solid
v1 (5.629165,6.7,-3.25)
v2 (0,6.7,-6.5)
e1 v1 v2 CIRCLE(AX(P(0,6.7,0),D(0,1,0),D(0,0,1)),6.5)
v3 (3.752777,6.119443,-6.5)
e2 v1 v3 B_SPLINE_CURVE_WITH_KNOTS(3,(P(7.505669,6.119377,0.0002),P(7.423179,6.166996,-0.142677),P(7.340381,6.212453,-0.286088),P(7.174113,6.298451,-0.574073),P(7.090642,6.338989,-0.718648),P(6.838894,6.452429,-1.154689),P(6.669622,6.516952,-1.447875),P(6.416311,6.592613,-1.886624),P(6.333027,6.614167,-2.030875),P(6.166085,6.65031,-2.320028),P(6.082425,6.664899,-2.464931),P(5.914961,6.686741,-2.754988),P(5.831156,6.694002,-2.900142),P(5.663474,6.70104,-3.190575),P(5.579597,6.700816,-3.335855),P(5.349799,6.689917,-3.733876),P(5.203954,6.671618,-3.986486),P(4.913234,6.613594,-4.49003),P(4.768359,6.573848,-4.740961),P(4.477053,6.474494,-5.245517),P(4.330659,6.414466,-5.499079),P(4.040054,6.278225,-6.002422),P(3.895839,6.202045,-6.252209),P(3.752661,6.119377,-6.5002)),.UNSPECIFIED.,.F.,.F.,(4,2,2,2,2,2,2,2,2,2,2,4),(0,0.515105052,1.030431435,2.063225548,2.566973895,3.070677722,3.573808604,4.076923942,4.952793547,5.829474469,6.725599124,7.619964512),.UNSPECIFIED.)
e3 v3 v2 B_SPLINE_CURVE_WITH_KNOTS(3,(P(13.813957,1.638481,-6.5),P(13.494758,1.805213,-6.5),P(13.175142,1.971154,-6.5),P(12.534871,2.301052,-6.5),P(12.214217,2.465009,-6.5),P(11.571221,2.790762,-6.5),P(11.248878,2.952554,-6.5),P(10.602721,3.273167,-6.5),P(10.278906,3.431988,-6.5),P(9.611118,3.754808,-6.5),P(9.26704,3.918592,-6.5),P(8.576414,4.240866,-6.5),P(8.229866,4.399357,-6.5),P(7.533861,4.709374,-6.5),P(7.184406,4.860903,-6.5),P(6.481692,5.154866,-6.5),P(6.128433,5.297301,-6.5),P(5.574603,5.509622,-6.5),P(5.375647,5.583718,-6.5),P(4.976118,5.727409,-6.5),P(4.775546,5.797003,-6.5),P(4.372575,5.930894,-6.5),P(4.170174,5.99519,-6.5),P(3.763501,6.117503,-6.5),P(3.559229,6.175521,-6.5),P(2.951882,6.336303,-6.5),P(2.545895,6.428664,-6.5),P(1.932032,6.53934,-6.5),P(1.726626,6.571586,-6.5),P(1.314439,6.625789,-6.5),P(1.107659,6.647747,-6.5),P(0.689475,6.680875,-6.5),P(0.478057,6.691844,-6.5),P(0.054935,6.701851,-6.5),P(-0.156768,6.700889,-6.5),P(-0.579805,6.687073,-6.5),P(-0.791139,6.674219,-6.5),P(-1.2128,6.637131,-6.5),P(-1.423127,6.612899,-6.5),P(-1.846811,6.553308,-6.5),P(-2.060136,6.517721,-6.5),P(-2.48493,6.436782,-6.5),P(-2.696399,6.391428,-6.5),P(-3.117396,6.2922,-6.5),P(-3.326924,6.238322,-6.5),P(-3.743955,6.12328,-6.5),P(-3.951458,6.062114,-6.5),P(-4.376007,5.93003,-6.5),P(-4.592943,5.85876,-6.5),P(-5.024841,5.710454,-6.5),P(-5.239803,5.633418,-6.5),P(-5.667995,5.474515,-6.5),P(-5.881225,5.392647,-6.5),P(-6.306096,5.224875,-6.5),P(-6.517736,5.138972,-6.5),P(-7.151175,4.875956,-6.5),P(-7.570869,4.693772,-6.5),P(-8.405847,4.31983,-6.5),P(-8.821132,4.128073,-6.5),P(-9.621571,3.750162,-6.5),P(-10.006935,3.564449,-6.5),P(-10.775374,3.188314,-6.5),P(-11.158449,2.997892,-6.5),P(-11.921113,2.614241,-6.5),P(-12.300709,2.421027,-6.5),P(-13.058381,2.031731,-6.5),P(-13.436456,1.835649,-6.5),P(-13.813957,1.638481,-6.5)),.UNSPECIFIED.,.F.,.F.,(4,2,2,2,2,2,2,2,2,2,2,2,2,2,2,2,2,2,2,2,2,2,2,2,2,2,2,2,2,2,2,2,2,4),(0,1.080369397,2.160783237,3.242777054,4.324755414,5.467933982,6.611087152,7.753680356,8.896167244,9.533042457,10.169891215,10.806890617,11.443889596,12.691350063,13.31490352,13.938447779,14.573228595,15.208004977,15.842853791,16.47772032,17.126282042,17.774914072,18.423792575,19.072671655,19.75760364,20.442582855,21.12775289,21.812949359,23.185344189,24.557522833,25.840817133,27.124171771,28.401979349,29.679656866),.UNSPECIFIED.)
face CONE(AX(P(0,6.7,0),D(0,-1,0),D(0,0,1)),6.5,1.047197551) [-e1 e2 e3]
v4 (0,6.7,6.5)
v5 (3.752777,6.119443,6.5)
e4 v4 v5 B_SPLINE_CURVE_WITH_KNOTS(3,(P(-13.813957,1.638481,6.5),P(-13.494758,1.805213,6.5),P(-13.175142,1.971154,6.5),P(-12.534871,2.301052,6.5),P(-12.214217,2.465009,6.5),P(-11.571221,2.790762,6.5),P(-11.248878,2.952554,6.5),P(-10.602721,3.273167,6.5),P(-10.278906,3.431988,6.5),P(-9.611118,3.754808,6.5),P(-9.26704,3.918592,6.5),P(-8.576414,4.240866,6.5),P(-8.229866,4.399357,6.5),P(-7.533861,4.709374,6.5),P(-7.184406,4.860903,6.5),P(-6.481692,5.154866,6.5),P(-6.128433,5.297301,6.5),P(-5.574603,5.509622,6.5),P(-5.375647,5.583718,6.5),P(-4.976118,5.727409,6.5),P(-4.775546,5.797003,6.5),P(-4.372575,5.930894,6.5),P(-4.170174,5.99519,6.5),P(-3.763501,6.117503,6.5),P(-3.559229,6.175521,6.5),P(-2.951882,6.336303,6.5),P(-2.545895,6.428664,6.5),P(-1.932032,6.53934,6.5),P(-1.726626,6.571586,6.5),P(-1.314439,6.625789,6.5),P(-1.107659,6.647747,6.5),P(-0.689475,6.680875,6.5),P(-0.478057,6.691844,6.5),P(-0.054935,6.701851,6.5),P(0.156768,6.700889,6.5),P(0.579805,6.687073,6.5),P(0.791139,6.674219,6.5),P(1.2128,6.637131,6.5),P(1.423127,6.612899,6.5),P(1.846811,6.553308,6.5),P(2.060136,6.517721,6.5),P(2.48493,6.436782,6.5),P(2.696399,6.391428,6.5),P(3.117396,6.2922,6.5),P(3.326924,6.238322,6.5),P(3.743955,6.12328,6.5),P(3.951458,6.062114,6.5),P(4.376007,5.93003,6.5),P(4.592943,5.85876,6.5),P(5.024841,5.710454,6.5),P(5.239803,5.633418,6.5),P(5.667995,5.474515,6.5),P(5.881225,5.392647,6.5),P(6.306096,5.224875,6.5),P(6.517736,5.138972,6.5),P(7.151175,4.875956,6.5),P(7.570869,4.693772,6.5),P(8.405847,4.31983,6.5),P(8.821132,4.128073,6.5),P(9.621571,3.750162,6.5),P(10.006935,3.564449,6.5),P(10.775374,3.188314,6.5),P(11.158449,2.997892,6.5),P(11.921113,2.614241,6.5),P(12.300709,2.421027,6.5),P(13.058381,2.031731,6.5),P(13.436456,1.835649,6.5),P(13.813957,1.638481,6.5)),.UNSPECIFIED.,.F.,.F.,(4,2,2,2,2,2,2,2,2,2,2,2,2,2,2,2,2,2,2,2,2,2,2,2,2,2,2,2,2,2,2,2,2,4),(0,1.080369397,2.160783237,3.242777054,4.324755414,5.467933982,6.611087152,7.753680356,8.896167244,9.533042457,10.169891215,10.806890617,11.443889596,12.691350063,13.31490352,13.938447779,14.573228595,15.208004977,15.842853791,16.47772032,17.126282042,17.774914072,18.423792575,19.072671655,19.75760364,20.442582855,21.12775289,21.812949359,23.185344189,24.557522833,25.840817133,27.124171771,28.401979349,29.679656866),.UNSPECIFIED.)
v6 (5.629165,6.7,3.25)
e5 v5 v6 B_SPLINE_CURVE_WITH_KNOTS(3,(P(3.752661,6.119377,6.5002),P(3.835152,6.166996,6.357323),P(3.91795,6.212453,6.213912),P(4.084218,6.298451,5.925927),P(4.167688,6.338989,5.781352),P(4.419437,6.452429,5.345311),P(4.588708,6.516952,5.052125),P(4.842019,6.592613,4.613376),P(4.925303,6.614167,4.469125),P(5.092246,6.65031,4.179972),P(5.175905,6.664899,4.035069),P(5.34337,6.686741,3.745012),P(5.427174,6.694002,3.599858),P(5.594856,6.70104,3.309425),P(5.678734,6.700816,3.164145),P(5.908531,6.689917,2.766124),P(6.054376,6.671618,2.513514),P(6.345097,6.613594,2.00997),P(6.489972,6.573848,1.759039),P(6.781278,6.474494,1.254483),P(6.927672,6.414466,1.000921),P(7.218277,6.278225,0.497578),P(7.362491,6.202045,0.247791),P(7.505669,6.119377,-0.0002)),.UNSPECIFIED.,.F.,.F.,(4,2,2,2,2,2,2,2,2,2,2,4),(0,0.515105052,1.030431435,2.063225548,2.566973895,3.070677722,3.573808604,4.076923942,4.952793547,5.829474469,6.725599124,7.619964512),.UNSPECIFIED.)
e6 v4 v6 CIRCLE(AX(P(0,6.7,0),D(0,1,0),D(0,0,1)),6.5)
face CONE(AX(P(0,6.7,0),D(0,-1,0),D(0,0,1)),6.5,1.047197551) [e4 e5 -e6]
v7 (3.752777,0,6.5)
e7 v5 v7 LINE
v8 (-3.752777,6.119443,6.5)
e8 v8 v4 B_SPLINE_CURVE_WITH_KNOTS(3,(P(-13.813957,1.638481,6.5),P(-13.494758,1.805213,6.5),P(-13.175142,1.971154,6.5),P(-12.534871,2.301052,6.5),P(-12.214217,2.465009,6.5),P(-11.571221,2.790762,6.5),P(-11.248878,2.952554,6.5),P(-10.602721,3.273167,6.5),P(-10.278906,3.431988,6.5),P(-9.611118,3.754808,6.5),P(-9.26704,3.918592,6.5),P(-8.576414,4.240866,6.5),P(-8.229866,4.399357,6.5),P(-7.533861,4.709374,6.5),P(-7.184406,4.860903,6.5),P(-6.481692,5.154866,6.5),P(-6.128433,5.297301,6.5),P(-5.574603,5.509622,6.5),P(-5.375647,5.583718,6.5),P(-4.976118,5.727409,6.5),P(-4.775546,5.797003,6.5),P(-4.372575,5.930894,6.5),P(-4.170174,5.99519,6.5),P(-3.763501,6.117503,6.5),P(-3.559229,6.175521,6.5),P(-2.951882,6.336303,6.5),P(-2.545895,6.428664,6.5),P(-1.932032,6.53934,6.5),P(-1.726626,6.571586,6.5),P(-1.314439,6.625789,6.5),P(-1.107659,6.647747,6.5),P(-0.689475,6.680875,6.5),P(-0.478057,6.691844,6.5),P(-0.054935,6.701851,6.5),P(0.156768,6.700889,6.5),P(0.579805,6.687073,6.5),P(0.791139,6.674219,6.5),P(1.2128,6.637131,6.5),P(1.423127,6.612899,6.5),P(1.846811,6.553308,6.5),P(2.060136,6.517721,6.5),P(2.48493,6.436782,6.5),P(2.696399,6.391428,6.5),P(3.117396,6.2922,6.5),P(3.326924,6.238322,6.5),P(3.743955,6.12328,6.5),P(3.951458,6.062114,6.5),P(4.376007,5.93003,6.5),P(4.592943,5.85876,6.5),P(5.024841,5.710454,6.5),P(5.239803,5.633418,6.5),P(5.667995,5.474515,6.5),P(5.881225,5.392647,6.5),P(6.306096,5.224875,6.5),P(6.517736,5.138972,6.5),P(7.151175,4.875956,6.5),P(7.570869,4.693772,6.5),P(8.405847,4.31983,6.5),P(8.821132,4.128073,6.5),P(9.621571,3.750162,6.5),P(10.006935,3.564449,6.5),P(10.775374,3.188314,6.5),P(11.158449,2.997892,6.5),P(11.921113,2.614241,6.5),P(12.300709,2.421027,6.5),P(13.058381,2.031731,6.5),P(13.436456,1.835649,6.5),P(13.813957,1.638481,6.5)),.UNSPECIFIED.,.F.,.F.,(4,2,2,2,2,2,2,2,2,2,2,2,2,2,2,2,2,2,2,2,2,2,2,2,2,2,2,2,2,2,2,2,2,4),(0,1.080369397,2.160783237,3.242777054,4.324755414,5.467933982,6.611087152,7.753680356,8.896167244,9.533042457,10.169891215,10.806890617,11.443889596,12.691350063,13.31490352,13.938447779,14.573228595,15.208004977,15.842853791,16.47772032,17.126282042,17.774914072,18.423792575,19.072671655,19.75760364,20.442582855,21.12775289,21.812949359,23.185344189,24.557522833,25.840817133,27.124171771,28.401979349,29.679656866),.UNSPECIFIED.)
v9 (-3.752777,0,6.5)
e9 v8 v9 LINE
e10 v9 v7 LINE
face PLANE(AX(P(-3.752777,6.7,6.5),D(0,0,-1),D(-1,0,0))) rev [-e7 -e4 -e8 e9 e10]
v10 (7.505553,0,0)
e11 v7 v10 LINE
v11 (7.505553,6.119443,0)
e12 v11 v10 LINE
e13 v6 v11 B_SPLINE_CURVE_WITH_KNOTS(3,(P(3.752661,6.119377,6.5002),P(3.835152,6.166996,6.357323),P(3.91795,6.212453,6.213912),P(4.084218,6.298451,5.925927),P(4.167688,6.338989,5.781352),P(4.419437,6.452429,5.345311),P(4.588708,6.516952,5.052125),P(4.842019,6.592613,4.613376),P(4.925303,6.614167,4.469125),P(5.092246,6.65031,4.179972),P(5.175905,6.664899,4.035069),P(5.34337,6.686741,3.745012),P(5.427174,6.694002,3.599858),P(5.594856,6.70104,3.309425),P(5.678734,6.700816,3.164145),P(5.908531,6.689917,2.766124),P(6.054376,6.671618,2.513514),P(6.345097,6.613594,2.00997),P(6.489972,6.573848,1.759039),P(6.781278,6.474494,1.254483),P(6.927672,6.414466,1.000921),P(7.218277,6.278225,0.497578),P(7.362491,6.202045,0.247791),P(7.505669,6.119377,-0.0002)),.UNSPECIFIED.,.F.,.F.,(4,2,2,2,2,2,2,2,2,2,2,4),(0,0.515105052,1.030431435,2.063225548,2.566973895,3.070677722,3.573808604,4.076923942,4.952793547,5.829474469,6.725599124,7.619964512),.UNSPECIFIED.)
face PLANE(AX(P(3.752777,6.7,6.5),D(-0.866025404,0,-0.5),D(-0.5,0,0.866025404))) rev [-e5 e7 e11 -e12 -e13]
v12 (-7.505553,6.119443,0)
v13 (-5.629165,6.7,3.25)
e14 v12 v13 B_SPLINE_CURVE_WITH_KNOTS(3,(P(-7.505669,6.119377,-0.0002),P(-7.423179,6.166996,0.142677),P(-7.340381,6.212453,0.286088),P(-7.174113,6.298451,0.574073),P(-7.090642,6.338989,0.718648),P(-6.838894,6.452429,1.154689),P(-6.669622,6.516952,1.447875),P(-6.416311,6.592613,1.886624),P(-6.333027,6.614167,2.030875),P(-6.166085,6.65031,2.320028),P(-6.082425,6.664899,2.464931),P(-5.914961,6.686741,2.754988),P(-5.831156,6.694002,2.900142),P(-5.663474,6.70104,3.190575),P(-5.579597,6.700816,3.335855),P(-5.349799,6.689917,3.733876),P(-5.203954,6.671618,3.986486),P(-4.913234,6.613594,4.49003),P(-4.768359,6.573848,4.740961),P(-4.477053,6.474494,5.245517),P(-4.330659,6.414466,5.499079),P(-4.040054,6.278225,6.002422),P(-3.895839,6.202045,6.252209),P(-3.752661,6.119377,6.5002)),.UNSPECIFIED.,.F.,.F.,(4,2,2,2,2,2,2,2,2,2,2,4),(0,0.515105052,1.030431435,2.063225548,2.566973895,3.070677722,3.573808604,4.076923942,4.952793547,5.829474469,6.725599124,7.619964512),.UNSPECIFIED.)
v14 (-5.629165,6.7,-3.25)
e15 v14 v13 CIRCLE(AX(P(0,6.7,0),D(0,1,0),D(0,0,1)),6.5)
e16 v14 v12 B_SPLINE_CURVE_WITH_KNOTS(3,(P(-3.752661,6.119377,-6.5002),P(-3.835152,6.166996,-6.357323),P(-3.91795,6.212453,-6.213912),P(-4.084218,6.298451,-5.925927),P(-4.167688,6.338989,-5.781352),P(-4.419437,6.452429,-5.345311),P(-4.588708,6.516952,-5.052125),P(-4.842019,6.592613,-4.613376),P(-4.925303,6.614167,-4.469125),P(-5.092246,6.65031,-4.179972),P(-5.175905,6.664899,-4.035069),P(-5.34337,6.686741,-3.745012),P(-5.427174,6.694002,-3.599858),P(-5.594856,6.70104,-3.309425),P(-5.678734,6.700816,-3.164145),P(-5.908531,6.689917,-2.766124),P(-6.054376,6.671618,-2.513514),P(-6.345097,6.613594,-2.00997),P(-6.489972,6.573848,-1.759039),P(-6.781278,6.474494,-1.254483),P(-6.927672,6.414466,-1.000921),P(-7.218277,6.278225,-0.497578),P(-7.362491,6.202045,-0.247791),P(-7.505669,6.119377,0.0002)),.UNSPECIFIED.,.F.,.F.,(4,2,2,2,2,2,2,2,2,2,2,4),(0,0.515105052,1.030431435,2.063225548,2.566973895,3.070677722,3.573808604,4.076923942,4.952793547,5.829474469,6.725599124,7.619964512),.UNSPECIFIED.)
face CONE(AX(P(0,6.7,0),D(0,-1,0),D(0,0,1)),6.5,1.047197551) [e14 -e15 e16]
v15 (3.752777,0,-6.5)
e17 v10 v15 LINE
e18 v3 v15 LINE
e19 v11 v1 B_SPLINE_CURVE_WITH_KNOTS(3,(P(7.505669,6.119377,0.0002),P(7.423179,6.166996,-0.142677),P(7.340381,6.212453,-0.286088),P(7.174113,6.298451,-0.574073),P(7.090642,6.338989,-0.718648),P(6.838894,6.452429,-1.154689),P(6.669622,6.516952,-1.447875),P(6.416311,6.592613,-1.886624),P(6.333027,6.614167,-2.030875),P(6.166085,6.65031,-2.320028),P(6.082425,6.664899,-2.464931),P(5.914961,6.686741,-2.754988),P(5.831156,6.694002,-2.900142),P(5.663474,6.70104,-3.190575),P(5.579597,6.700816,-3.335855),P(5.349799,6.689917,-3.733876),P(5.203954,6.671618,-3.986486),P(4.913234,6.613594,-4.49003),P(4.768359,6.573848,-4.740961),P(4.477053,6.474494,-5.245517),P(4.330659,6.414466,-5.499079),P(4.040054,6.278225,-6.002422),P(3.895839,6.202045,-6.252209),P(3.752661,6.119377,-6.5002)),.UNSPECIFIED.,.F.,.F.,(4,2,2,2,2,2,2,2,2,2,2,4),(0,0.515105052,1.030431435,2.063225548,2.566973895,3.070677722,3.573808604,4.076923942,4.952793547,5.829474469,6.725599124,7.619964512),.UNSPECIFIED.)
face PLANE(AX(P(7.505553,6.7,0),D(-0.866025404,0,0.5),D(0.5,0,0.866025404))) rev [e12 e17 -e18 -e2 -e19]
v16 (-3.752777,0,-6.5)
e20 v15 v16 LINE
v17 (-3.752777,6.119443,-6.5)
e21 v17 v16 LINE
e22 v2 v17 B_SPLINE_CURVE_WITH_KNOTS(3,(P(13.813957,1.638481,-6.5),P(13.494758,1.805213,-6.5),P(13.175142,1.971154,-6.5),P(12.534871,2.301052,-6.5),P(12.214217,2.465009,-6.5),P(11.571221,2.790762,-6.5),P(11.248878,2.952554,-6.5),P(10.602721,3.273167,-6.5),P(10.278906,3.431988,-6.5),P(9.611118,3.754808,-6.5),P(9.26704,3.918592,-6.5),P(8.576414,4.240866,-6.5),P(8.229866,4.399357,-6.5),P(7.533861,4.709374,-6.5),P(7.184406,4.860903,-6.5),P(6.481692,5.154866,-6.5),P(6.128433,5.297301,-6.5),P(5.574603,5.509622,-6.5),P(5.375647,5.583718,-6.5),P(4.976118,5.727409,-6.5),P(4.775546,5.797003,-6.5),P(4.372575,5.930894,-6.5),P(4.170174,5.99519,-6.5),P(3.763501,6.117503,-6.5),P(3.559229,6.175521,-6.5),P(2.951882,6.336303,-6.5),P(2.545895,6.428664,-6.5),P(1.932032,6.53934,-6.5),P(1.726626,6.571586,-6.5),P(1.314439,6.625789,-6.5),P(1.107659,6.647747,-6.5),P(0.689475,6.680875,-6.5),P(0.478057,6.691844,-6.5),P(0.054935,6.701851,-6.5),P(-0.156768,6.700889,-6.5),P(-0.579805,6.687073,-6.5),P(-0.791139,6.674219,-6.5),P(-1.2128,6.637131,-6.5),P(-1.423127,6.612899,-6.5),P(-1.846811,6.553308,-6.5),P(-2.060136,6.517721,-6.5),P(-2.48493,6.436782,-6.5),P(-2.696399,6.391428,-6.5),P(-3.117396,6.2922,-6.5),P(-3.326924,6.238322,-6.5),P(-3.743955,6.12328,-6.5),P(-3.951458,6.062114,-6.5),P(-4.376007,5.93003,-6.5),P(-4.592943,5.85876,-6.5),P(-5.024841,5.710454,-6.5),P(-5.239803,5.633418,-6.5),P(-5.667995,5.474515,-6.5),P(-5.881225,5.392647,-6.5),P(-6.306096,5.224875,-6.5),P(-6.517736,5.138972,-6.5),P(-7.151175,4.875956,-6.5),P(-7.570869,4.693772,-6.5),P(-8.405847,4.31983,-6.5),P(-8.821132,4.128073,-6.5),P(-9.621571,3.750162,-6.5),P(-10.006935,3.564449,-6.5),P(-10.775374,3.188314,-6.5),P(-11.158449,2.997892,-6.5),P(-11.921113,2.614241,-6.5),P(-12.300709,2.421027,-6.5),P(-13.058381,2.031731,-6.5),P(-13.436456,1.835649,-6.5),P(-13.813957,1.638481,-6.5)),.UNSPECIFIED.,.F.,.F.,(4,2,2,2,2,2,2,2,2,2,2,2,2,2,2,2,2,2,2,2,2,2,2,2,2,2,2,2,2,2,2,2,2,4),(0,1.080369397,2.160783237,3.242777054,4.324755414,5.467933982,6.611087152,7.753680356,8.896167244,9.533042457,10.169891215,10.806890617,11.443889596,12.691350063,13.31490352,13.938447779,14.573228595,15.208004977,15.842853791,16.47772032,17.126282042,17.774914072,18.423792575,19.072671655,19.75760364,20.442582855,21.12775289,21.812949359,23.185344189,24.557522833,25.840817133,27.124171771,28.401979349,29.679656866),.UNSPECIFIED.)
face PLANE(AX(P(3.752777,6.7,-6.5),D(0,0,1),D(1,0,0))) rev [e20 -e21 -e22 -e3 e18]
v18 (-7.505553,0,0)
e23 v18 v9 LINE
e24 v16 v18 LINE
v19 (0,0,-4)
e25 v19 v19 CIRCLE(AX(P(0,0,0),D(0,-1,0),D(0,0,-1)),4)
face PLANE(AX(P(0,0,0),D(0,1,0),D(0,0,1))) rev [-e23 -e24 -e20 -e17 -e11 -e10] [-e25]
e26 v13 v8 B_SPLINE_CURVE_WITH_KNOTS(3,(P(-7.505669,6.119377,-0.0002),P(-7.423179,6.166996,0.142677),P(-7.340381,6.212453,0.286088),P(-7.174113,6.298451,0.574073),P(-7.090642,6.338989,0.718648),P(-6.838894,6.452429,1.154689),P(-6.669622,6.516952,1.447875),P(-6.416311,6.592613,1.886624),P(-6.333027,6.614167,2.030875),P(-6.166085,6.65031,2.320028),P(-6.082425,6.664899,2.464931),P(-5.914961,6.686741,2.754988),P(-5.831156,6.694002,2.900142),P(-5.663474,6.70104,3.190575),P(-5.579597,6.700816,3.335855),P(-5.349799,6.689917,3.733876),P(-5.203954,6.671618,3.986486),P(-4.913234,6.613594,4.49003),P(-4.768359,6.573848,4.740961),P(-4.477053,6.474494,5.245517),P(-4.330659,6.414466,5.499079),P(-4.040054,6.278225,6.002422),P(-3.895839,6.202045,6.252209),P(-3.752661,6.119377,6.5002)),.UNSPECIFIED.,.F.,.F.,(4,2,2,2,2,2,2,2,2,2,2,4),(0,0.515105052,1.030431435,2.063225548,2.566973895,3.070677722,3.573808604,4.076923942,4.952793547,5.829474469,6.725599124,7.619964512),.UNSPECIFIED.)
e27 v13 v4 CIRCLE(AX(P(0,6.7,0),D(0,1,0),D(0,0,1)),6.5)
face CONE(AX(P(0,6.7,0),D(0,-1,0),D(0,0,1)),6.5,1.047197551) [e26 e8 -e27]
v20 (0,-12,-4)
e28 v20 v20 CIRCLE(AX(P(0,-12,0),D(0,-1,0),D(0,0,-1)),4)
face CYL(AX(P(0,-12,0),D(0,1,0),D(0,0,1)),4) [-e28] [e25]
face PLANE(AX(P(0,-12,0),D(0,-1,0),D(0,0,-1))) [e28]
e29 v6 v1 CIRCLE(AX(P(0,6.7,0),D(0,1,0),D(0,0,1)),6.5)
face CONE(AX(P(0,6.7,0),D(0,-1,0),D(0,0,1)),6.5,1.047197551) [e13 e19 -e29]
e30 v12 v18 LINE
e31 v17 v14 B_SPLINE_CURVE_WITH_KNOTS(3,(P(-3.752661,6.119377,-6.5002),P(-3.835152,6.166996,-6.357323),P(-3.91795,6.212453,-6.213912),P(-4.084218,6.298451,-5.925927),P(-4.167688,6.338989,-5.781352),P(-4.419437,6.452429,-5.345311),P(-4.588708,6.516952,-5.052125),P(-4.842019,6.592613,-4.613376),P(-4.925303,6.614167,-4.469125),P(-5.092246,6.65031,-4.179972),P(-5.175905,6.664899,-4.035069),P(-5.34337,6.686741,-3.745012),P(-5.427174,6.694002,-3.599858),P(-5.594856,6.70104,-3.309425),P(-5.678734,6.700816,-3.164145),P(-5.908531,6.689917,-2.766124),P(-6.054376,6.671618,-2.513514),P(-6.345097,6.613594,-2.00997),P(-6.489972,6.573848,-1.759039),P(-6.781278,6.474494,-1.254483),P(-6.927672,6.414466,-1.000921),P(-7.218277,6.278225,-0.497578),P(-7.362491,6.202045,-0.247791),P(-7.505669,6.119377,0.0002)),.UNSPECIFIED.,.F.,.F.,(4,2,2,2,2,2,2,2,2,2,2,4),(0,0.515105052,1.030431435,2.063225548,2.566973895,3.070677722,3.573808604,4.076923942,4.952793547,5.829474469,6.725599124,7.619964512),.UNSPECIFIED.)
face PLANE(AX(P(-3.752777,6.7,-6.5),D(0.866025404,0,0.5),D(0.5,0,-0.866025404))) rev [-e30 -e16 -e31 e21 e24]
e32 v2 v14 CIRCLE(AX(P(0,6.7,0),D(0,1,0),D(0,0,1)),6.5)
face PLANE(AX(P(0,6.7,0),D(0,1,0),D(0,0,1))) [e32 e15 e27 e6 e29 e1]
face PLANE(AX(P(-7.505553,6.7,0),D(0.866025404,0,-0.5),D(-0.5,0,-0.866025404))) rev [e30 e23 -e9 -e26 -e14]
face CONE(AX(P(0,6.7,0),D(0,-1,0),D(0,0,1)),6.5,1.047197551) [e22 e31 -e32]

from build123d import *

# Parameters (mm, degrees)
BOSS_EXTRUDE1_DEPTH = 6.7
SKETCH2_R           = 4
BOSS_EXTRUDE2_DEPTH = 12
SKETCH3_OUTSIDE_W   = 57.108
SKETCH3_OUTSIDE_H   = 55.096
SKETCH3_OUTSIDE_R   = 6.5
CUT_EXTRUDE3_DEPTH  = 10
CUT_EXTRUDE3_DRAFT  = -60


with BuildPart() as part:
    # Sketch1 → Boss-Extrude1 (new body)
    with BuildSketch(Plane(origin=(0, 0, 0), x_dir=(1, 0, 0), z_dir=(0, 1, 0))):
        Polygon((7.505553499, 0), (3.75277675, 6.5), (-3.75277675, 6.5), (-7.505553499, 0), (-3.75277675, -6.5), (3.75277675, -6.5), align=None)
    extrude(amount=BOSS_EXTRUDE1_DEPTH)

    # Sketch2 → Boss-Extrude2 (add)
    with BuildSketch(Plane.XZ):
        with Locations(Location((0, 0, 0), (0, 0, 270))):
            Circle(SKETCH2_R)
    extrude(amount=BOSS_EXTRUDE2_DEPTH)


with BuildPart() as cut_extrude3_tool:
    # Sketch3 outside → Cut-Extrude3 (with draft: the straight prism first)
    with BuildSketch(Plane(origin=(0, 6.7, 0), x_dir=(1, 0, 0), z_dir=(0, 1, 0))):
        Rectangle(SKETCH3_OUTSIDE_W, SKETCH3_OUTSIDE_H)
        Circle(SKETCH3_OUTSIDE_R, mode=Mode.SUBTRACT)
    extrude(amount=-CUT_EXTRUDE3_DEPTH)
    # Cut-Extrude3: the draft: its side faces are tilted about the plane it starts from
    cut_extrude3_sides = [cut_extrude3_tool.faces().sort_by_distance(p)[0] for p in [
        (0, 1.7, 27.548),
        (28.554, 1.7, 0),
        (0, 1.7, -27.548),
        (-28.554, 1.7, 0),
        (-6.5, 1.7, 0),
    ]]
    draft(cut_extrude3_sides, Plane(origin=(0, 6.7, 0), x_dir=(1, 0, 0), z_dir=(0, 1, 0)), CUT_EXTRUDE3_DRAFT)


with BuildPart() as part_1:
    add(part.part)

    # Cut-Extrude3: cut by cut_extrude3_tool
    add(cut_extrude3_tool.part, mode=Mode.SUBTRACT)


solid = part_1.part
